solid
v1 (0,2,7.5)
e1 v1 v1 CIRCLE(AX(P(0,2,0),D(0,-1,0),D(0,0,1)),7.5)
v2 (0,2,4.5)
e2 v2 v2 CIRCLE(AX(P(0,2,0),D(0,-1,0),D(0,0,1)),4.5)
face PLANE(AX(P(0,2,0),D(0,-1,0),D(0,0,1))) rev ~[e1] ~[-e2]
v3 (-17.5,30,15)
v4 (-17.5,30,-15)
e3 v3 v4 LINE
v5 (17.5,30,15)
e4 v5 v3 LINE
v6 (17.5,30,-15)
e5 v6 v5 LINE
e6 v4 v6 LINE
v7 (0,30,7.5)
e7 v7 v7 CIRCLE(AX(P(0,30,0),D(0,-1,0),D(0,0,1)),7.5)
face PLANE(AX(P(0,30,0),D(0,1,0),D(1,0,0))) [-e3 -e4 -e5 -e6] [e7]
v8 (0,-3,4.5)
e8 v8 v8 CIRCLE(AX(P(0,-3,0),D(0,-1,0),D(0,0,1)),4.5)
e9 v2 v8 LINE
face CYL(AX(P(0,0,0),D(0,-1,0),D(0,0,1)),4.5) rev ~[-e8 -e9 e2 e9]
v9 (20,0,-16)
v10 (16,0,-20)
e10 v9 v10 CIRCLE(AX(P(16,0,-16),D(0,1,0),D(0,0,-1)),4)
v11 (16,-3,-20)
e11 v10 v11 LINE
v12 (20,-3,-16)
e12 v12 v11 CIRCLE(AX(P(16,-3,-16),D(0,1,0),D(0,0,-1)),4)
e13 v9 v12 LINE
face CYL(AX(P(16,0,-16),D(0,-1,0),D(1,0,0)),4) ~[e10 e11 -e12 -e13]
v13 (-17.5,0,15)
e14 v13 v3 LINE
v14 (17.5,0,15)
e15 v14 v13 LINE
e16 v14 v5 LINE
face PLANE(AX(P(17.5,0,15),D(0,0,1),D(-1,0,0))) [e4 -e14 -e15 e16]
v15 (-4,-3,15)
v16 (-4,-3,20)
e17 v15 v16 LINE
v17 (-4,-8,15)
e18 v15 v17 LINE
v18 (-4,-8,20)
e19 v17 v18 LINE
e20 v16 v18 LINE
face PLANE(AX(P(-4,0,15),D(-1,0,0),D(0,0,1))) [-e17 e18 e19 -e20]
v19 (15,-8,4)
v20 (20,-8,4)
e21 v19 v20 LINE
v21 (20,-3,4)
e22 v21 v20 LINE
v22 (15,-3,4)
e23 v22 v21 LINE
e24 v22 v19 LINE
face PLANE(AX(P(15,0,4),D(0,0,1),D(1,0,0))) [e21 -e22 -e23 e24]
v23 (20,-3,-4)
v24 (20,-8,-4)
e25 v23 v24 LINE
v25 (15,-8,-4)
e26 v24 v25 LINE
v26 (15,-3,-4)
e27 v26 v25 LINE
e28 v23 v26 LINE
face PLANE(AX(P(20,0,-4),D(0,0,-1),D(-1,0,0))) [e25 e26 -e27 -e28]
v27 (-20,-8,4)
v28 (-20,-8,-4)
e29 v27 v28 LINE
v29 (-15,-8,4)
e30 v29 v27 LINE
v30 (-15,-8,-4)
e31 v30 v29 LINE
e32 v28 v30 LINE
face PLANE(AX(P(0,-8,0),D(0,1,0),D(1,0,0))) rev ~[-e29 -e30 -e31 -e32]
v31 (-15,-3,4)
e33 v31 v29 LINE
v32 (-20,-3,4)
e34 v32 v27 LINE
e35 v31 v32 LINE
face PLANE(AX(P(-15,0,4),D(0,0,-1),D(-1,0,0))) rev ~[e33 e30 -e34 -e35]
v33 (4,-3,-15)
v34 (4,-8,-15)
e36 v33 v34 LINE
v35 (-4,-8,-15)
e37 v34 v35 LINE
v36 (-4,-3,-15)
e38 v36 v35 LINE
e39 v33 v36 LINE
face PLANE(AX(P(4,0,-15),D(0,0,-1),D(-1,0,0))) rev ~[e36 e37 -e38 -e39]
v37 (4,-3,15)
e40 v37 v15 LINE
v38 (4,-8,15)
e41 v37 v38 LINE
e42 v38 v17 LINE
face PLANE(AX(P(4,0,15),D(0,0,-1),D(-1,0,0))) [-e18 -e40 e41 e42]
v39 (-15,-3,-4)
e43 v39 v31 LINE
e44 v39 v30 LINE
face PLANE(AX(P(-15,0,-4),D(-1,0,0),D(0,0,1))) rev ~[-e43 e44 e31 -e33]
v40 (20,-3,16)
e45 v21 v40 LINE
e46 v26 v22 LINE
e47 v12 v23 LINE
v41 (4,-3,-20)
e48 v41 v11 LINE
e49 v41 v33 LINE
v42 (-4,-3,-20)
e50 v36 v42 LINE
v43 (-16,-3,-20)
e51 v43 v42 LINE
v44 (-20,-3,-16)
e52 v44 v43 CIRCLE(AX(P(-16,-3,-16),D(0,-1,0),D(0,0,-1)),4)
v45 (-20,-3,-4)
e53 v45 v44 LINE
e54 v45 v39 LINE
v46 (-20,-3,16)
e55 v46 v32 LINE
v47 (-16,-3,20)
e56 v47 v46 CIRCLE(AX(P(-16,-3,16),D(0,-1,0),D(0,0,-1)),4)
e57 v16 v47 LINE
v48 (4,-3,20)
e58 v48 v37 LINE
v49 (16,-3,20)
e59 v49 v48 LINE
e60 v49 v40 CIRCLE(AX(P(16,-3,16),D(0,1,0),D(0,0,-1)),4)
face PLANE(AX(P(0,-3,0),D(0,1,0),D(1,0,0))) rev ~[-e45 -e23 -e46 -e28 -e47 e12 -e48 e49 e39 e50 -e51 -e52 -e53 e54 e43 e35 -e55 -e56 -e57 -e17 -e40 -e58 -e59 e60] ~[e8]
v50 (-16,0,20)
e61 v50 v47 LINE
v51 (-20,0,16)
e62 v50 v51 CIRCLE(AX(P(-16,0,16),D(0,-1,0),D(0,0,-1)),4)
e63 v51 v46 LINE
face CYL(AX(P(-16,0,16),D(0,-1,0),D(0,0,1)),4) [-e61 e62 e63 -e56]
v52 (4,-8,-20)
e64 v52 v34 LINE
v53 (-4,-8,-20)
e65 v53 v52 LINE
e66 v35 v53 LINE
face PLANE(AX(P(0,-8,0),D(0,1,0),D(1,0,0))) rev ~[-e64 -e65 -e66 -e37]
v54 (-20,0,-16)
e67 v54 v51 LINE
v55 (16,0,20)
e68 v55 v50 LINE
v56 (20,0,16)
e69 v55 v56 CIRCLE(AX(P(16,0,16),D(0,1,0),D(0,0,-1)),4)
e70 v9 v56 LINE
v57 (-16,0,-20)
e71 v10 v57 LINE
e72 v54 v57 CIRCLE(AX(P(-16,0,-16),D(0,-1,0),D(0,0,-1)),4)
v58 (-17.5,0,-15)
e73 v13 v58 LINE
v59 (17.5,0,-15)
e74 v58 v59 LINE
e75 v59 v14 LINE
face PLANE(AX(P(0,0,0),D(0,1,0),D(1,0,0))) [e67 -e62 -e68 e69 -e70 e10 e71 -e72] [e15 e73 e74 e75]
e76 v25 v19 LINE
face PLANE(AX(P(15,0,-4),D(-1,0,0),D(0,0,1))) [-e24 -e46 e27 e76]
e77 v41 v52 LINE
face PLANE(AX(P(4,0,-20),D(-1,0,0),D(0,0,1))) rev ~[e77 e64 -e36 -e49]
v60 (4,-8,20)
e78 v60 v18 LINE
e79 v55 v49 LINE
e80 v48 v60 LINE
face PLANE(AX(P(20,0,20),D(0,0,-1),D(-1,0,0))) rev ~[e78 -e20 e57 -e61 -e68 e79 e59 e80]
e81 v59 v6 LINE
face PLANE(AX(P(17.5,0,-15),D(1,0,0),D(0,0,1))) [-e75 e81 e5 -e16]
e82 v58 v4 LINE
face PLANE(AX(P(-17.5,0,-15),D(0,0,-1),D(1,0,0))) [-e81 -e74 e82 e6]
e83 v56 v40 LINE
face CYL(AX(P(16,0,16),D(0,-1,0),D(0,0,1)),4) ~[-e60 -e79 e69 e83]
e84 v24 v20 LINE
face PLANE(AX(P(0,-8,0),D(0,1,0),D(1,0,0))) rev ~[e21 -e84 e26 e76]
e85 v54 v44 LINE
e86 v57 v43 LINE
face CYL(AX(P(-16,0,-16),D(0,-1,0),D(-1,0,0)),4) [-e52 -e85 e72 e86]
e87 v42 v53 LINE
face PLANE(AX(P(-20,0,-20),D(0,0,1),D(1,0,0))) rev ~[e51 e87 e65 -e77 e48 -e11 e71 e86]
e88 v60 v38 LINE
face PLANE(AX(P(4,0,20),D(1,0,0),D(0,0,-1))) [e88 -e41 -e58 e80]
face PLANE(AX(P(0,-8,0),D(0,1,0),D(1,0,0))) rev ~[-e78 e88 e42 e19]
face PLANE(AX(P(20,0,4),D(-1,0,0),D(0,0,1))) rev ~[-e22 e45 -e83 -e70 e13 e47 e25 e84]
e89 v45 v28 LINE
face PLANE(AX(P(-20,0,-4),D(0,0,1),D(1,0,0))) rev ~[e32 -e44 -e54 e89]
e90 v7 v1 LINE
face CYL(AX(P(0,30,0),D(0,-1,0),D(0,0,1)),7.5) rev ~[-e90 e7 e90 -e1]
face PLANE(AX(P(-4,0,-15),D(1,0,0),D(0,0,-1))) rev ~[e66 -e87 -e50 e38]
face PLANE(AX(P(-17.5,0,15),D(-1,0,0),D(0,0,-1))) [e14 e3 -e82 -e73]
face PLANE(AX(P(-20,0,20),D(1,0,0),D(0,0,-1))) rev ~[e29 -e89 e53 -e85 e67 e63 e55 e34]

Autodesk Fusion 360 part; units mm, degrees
sketch "Sketch1" plane through (0, 0, 0) normal (0, 1, 0) x (1, 0, 0)
  line L0 (20, -20) -> (-20, -20)
  line L1 (-20, -20) -> (-20, 20)
  line L2 (-20, 20) -> (20, 20)
  line L3 (20, 20) -> (20, -20)
  line L4 (20, -20) -> (-20, 20) construction
  line L5 (-20, -20) -> (20, 20) construction
  line L6 (-20, 4) -> (-15, 4)
  line L7 (-15, 4) -> (-15, -4)
  line L8 (-15, -4) -> (-20, -4)
  line L9 (-20, -4) -> (-20, 4)
  line L10 (-4, 20) -> (4, 20)
  line L11 (4, 20) -> (4, 15)
  line L12 (4, 15) -> (-4, 15)
  line L13 (-4, 15) -> (-4, 20)
  line L14 (20, 4) -> (15, 4)
  line L15 (15, 4) -> (15, -4)
  line L16 (15, -4) -> (20, -4)
  line L17 (20, -4) -> (20, 4)
  line L18 (-4, -20) -> (4, -20)
  line L19 (4, -20) -> (4, -15)
  line L20 (4, -15) -> (-4, -15)
  line L21 (-4, -15) -> (-4, -20)
  dimension "d1" = 40
  dimension "d2" = 40
  dimension "d3" = 5
  dimension "d4" = 8
  dimension "d5" = 16
  dimension "d6" = 5
  dimension "d7" = 16
  dimension "d8" = 8
  dimension "d9" = 5
  dimension "d10" = 5
  dimension "d11" = 8
  dimension "d12" = 8
  dimension "d13" = 16
  dimension "d14" = 16
extrude "Extrude1" add sketch "Sketch1" against normal blind 3 contours L0 L1 L2 L3 L6 L7 L8 L11 L12 L13 L14 L15 L16 L19 L20 L21
extrude "Extrude2" add sketch "Sketch1" against normal blind 8 contours L0 L18 L19 L20 L21 | L3 L14 L15 L16 L17 | L1 L6 L7 L8 L9 | L2 L10 L11 L12 L13
hole "Hole1" at (0, 0, 0) direction (0, -1, 0) diameter 9 depth 30 tip angle 118
fillet "Fillet1" radius 4 4 edges at (20, -1.5, -20) (-20, -1.5, -20) (20, -1.5, 20) (-20, -1.5, 20)
sketch "Sketch2" plane through (0, 0, 0) normal (0, 1, 0) x (1, 0, 0)
  line L0 (-17.5, 15) -> (17.5, 15)
  line L1 (17.5, 15) -> (17.5, -15)
  line L2 (17.5, -15) -> (-17.5, -15)
  line L3 (-17.5, -15) -> (-17.5, 15)
  dimension "d24" = 35
  dimension "d25" = 30
  dimension "d26" = 15
  dimension "d27" = 17.5
extrude "Extrude3" add sketch "Sketch2" along normal blind 30
sketch "Sketch3" plane through (0, 30, 0) normal (0, 1, 0) x (-1, 0, 0)
  line L0 (17.5, 15) -> (-17.5, 15)
  line L1 (-17.5, 15) -> (-17.5, -15)
  line L2 (-17.5, -15) -> (17.5, -15)
  line L3 (17.5, -15) -> (17.5, 15)
  circle A0 centre (0, 0) radius 4.5
hole "Hole2" at (0, 30, 0) direction (0, -1, 0) diameter 9 depth 90 tip angle 118 counterbore diameter 15 counterbore depth 28
equation "d6 = d3"
equation "d7 = d5"
equation "d8 = d4"
equation "d9 = d3"
equation "d10 = d3"
equation "d11 = d4"
equation "d12 = d4"
equation "d13 = d7"
equation "d14 = d7"
